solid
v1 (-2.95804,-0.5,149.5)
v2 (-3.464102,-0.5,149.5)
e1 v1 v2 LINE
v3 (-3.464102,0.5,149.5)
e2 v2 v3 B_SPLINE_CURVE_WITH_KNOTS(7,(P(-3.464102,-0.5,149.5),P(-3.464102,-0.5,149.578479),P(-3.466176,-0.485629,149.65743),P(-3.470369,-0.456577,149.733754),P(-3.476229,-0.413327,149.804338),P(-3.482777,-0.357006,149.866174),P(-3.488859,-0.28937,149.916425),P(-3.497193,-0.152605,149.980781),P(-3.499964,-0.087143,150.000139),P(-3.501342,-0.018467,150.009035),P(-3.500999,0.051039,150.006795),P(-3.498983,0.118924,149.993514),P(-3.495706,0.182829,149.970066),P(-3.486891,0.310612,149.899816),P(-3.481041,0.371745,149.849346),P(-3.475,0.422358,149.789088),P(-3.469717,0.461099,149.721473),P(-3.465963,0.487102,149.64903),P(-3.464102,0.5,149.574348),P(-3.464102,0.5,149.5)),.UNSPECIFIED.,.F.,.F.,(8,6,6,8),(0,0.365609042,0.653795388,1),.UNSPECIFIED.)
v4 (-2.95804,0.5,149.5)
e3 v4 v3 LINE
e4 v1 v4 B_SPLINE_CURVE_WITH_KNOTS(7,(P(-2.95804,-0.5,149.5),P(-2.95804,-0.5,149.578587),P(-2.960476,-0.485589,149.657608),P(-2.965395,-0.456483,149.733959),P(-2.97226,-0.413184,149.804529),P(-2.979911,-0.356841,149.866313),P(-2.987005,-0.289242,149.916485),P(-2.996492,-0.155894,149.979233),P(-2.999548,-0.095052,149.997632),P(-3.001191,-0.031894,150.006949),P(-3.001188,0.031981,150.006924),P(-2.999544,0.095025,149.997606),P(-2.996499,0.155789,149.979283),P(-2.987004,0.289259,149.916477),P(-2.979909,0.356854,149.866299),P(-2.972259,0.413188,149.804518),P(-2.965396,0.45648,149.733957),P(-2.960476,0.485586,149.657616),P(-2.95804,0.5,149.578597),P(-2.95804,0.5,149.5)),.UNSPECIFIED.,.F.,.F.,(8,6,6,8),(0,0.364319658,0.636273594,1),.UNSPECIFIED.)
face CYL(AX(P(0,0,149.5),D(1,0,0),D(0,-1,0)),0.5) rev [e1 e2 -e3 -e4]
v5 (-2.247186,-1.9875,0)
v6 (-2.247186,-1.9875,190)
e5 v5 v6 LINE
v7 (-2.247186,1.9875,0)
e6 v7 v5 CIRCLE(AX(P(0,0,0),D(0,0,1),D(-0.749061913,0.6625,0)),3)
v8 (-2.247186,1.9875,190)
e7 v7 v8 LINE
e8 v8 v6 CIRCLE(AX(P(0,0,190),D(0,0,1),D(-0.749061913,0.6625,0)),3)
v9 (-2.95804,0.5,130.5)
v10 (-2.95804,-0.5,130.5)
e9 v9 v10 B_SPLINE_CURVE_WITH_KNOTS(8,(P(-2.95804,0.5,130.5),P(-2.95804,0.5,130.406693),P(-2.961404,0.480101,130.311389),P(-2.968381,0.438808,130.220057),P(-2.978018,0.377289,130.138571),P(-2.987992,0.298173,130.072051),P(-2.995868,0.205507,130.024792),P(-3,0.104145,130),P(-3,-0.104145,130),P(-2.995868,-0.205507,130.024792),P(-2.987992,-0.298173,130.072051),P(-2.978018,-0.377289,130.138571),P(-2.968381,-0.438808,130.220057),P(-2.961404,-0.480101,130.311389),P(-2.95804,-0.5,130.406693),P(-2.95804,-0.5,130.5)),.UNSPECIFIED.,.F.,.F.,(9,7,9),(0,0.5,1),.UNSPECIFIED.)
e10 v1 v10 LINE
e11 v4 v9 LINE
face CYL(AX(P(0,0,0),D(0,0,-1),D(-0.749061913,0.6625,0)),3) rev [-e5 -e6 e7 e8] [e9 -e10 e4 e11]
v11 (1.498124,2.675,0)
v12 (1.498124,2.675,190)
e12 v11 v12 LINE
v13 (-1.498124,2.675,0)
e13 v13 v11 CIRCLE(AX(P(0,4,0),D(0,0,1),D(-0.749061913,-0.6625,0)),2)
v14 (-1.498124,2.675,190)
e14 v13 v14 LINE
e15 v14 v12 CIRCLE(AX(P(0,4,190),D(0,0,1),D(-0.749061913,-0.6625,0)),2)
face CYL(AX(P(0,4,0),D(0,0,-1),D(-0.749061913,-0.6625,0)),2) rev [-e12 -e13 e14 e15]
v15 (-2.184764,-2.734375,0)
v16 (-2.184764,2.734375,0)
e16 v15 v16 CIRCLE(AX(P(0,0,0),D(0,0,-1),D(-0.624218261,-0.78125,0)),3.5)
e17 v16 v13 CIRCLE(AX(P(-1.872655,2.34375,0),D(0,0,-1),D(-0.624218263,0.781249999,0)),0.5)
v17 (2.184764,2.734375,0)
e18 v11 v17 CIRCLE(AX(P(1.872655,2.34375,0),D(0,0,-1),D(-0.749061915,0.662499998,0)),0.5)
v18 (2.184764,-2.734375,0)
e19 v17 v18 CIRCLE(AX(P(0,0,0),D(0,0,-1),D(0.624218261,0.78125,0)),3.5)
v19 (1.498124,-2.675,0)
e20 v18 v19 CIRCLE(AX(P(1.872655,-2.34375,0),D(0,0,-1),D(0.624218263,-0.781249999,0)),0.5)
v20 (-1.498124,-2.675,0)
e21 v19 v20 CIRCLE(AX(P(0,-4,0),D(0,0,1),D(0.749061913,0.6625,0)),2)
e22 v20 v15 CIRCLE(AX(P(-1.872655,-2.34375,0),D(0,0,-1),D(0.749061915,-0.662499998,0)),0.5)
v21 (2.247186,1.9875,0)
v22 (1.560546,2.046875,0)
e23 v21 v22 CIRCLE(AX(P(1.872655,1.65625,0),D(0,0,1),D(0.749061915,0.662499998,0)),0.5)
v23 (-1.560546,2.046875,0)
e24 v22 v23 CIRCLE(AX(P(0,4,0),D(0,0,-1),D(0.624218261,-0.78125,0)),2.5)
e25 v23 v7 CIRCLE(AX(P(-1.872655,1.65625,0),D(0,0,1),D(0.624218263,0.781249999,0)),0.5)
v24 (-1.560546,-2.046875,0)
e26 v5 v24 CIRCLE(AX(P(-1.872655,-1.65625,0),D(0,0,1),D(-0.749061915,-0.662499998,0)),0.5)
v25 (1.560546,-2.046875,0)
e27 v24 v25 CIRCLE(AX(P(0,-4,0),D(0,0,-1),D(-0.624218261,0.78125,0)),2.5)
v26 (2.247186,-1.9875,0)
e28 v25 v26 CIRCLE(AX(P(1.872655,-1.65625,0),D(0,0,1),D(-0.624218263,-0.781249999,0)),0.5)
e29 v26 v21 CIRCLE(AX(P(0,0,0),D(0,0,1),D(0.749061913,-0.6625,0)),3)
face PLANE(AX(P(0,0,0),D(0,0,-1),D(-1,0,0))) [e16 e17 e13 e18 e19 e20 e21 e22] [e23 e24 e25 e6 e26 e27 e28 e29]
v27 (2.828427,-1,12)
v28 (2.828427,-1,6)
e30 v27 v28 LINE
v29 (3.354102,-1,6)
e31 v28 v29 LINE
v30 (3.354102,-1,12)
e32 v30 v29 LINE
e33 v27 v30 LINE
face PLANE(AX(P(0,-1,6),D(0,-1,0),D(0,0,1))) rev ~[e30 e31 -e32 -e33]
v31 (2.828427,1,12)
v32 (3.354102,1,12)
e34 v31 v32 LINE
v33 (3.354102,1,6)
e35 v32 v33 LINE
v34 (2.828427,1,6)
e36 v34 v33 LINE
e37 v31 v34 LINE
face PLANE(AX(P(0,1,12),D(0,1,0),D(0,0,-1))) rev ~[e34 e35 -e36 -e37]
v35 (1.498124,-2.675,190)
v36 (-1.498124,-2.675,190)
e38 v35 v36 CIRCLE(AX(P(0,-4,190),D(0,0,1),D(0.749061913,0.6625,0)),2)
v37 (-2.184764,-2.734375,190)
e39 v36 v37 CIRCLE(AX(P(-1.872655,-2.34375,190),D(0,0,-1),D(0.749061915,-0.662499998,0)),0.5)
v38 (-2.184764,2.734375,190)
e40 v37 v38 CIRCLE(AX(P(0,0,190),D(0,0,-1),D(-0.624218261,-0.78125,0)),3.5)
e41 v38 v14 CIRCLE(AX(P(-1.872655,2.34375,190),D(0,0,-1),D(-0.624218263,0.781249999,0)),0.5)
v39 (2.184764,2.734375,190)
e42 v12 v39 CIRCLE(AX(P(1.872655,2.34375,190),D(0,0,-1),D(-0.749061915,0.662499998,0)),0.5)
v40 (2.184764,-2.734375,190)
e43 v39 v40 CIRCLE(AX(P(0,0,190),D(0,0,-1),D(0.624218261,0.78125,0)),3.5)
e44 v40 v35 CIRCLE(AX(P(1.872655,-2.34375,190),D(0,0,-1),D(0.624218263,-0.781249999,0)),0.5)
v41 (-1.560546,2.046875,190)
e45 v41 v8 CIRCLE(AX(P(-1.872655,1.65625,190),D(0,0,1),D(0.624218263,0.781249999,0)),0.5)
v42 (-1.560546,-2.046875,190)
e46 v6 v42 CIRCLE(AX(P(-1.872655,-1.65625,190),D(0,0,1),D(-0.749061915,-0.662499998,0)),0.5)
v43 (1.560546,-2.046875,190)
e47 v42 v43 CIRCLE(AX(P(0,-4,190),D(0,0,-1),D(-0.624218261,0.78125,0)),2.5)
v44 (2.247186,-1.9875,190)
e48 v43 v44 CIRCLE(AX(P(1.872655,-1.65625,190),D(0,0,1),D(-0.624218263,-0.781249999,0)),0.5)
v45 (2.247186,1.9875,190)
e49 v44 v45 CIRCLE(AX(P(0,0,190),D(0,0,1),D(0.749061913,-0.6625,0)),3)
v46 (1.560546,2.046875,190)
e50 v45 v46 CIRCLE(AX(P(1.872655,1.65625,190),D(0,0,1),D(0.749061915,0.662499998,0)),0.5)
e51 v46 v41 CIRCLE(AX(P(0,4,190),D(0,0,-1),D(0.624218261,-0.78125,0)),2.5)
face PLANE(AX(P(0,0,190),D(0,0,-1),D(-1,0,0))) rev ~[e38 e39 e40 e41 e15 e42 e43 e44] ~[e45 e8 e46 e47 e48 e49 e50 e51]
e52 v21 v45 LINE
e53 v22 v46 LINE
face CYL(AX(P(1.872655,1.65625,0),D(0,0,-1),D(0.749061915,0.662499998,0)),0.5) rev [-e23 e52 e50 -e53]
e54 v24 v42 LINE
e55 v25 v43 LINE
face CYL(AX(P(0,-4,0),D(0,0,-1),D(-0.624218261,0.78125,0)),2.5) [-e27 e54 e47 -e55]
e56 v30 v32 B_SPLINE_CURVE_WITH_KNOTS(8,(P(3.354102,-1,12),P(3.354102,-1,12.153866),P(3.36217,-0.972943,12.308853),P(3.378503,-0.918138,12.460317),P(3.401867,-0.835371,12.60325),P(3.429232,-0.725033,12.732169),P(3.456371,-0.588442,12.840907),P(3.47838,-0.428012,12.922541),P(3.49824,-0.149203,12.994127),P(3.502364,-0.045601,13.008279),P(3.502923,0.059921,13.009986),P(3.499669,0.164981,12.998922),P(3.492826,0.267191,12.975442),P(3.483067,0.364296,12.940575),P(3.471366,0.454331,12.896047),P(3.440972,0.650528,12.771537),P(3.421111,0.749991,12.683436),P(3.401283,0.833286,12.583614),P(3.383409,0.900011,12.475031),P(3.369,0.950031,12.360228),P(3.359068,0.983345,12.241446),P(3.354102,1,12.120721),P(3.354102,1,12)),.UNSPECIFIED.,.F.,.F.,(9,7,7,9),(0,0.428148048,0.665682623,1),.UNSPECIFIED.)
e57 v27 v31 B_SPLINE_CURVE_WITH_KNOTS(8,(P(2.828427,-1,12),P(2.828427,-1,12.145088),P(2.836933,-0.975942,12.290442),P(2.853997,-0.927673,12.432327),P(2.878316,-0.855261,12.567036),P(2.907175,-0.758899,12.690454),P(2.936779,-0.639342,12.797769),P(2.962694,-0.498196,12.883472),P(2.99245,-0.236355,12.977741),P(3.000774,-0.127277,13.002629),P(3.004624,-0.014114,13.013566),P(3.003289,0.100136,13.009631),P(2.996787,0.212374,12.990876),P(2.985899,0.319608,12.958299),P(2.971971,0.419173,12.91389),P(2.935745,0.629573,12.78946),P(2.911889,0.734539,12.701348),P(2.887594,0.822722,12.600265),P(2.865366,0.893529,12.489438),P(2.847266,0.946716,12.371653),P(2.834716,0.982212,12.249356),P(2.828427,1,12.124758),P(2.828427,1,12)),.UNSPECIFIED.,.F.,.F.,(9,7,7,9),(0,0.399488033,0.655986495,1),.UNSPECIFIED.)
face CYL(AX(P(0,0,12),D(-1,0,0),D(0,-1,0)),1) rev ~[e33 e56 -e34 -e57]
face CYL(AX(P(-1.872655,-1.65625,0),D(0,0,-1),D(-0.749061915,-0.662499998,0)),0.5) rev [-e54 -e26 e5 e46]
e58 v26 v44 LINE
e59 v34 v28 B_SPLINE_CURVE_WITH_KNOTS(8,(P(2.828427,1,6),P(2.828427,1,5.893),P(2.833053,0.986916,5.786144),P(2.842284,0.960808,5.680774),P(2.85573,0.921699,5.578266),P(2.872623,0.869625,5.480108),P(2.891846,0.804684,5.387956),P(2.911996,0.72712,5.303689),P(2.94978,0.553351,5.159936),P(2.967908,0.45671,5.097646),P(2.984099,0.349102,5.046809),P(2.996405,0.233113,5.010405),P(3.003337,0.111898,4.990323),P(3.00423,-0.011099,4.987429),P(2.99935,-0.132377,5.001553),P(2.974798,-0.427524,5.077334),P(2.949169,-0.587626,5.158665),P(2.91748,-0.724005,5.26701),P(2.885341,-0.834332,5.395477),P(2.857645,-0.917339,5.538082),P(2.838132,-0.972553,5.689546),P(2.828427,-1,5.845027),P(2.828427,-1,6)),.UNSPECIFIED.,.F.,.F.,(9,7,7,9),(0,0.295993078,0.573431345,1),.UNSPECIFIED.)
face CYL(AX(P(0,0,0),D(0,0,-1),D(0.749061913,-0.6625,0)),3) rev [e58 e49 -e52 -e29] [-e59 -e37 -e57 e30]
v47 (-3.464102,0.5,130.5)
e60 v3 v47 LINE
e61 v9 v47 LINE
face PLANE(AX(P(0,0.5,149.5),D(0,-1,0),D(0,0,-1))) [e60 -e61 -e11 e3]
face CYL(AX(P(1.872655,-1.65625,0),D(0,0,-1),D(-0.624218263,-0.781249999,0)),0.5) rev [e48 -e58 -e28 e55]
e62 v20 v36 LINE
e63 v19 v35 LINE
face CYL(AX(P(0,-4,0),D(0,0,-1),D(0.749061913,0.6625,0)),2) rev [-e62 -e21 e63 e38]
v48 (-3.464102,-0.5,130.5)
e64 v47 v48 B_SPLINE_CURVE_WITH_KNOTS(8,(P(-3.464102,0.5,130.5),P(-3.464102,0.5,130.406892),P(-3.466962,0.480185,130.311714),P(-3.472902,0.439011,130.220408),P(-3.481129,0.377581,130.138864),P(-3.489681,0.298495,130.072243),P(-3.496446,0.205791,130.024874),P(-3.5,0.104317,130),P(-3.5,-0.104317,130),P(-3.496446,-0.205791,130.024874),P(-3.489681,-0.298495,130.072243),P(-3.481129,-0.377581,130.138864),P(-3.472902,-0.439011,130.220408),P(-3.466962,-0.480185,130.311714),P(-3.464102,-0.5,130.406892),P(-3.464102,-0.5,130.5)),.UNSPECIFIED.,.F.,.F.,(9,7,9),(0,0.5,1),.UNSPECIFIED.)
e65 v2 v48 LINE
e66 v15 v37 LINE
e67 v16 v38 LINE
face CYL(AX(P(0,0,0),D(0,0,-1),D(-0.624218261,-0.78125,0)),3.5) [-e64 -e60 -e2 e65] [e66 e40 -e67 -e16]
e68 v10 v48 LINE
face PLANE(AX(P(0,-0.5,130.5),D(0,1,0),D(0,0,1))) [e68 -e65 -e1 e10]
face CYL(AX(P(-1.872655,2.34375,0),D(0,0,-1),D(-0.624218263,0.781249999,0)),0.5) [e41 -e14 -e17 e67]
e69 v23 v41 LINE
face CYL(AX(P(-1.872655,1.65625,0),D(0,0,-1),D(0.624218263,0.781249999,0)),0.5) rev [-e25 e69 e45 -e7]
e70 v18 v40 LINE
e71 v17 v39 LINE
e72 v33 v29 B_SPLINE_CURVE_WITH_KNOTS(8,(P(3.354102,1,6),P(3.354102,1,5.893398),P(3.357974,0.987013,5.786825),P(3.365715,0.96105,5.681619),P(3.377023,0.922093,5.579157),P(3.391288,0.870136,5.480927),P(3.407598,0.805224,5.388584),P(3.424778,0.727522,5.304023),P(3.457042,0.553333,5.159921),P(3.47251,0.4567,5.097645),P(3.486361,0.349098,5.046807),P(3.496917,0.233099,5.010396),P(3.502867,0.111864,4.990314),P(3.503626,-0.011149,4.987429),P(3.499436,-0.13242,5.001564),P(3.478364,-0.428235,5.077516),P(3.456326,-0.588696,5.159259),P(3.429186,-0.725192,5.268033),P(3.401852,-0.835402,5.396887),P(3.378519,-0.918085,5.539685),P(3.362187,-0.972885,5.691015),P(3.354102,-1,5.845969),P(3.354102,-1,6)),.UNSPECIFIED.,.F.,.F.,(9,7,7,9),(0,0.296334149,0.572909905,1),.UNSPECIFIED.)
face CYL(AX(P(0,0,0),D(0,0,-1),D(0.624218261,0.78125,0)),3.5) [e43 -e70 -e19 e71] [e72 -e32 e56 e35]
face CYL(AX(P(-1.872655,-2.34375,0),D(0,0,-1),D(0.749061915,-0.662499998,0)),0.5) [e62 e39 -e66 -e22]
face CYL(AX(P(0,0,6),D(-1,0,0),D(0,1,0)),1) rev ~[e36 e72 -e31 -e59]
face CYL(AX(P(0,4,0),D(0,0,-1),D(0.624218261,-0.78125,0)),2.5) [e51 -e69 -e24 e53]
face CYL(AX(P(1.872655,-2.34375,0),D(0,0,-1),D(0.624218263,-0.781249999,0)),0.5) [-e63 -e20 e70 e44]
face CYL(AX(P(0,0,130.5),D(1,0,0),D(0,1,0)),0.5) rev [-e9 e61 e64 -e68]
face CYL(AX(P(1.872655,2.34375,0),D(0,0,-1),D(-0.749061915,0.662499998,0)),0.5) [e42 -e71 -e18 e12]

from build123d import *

# Parameters (mm, degrees)
ESTRUSIONE_ESTRUSIONE1_DEPTH = 190
TAGLIO_ESTRUSIONE1_DEPTH     = 190
TAGLIO_ESTRUSIONE2_DEPTH     = 191.053510761


with BuildPart() as part:
    # Schizzo1 → Estrusione-Estrusione1 (new body)
    with BuildSketch(Plane.XY):
        with BuildLine():
            ThreePointArc((2.184763914, -2.734375), (1.829579631, -2.841891076), (1.498123827, -2.675))
            ThreePointArc((1.498123827, -2.675), (0, -2), (-1.498123827, -2.675))
            ThreePointArc((-1.498123827, -2.675), (-1.829579631, -2.841891076), (-2.184763914, -2.734375))
            ThreePointArc((-2.184763914, -2.734375), (-3.5, 0), (-2.184763914, 2.734375))
            ThreePointArc((-2.184763914, 2.734375), (-1.829579631, 2.841891076), (-1.498123827, 2.675))
            ThreePointArc((-1.498123827, 2.675), (0, 2), (1.498123827, 2.675))
            ThreePointArc((1.498123827, 2.675), (1.829579631, 2.841891076), (2.184763914, 2.734375))
            ThreePointArc((2.184763914, 2.734375), (3.5, 0), (2.184763914, -2.734375))
        make_face()
        with BuildLine():
            ThreePointArc((-2.24718574, 1.9875), (-3, 0), (-2.24718574, -1.9875))
            ThreePointArc((-2.24718574, -1.9875), (-1.915729936, -2.154391076), (-1.560545653, -2.046875))
            ThreePointArc((-1.560545653, -2.046875), (0, -1.5), (1.560545653, -2.046875))
            ThreePointArc((1.560545653, -2.046875), (1.915729936, -2.154391076), (2.24718574, -1.9875))
            ThreePointArc((2.24718574, -1.9875), (3, 0), (2.24718574, 1.9875))
            ThreePointArc((2.24718574, 1.9875), (1.915729936, 2.154391076), (1.560545653, 2.046875))
            ThreePointArc((1.560545653, 2.046875), (0, 1.5), (-1.560545653, 2.046875))
            ThreePointArc((-1.560545653, 2.046875), (-1.915729936, 2.154391076), (-2.24718574, 1.9875))
        make_face(mode=Mode.SUBTRACT)
    extrude(amount=ESTRUSIONE_ESTRUSIONE1_DEPTH)

    # Schizzo2 → Taglio-Estrusione1 (cut)
    with BuildSketch(Plane(origin=(0, 0, 0), x_dir=(0, 0, -1), z_dir=(1, 0, 0))):
        with BuildLine():
            Line((-149.5, 0.5), (-130.5, 0.5))
            ThreePointArc((-130.5, 0.5), (-130, 0), (-130.5, -0.5))
            Line((-130.5, -0.5), (-149.5, -0.5))
            ThreePointArc((-149.5, -0.5), (-150, 0), (-149.5, 0.5))
        make_face()
    extrude(amount=-TAGLIO_ESTRUSIONE1_DEPTH, mode=Mode.SUBTRACT)

    # Schizzo3 → Taglio-Estrusione2 (cut, through all)
    with BuildSketch(Plane(origin=(0, 0, 0), x_dir=(0, 0, -1), z_dir=(1, 0, 0))):
        with BuildLine():
            Line((-12, 1), (-6, 1))
            ThreePointArc((-6, 1), (-5, 0), (-6, -1))
            Line((-6, -1), (-12, -1))
            ThreePointArc((-12, -1), (-13, 0), (-12, 1))
        make_face()
    extrude(amount=TAGLIO_ESTRUSIONE2_DEPTH, mode=Mode.SUBTRACT)


solid = part.part
